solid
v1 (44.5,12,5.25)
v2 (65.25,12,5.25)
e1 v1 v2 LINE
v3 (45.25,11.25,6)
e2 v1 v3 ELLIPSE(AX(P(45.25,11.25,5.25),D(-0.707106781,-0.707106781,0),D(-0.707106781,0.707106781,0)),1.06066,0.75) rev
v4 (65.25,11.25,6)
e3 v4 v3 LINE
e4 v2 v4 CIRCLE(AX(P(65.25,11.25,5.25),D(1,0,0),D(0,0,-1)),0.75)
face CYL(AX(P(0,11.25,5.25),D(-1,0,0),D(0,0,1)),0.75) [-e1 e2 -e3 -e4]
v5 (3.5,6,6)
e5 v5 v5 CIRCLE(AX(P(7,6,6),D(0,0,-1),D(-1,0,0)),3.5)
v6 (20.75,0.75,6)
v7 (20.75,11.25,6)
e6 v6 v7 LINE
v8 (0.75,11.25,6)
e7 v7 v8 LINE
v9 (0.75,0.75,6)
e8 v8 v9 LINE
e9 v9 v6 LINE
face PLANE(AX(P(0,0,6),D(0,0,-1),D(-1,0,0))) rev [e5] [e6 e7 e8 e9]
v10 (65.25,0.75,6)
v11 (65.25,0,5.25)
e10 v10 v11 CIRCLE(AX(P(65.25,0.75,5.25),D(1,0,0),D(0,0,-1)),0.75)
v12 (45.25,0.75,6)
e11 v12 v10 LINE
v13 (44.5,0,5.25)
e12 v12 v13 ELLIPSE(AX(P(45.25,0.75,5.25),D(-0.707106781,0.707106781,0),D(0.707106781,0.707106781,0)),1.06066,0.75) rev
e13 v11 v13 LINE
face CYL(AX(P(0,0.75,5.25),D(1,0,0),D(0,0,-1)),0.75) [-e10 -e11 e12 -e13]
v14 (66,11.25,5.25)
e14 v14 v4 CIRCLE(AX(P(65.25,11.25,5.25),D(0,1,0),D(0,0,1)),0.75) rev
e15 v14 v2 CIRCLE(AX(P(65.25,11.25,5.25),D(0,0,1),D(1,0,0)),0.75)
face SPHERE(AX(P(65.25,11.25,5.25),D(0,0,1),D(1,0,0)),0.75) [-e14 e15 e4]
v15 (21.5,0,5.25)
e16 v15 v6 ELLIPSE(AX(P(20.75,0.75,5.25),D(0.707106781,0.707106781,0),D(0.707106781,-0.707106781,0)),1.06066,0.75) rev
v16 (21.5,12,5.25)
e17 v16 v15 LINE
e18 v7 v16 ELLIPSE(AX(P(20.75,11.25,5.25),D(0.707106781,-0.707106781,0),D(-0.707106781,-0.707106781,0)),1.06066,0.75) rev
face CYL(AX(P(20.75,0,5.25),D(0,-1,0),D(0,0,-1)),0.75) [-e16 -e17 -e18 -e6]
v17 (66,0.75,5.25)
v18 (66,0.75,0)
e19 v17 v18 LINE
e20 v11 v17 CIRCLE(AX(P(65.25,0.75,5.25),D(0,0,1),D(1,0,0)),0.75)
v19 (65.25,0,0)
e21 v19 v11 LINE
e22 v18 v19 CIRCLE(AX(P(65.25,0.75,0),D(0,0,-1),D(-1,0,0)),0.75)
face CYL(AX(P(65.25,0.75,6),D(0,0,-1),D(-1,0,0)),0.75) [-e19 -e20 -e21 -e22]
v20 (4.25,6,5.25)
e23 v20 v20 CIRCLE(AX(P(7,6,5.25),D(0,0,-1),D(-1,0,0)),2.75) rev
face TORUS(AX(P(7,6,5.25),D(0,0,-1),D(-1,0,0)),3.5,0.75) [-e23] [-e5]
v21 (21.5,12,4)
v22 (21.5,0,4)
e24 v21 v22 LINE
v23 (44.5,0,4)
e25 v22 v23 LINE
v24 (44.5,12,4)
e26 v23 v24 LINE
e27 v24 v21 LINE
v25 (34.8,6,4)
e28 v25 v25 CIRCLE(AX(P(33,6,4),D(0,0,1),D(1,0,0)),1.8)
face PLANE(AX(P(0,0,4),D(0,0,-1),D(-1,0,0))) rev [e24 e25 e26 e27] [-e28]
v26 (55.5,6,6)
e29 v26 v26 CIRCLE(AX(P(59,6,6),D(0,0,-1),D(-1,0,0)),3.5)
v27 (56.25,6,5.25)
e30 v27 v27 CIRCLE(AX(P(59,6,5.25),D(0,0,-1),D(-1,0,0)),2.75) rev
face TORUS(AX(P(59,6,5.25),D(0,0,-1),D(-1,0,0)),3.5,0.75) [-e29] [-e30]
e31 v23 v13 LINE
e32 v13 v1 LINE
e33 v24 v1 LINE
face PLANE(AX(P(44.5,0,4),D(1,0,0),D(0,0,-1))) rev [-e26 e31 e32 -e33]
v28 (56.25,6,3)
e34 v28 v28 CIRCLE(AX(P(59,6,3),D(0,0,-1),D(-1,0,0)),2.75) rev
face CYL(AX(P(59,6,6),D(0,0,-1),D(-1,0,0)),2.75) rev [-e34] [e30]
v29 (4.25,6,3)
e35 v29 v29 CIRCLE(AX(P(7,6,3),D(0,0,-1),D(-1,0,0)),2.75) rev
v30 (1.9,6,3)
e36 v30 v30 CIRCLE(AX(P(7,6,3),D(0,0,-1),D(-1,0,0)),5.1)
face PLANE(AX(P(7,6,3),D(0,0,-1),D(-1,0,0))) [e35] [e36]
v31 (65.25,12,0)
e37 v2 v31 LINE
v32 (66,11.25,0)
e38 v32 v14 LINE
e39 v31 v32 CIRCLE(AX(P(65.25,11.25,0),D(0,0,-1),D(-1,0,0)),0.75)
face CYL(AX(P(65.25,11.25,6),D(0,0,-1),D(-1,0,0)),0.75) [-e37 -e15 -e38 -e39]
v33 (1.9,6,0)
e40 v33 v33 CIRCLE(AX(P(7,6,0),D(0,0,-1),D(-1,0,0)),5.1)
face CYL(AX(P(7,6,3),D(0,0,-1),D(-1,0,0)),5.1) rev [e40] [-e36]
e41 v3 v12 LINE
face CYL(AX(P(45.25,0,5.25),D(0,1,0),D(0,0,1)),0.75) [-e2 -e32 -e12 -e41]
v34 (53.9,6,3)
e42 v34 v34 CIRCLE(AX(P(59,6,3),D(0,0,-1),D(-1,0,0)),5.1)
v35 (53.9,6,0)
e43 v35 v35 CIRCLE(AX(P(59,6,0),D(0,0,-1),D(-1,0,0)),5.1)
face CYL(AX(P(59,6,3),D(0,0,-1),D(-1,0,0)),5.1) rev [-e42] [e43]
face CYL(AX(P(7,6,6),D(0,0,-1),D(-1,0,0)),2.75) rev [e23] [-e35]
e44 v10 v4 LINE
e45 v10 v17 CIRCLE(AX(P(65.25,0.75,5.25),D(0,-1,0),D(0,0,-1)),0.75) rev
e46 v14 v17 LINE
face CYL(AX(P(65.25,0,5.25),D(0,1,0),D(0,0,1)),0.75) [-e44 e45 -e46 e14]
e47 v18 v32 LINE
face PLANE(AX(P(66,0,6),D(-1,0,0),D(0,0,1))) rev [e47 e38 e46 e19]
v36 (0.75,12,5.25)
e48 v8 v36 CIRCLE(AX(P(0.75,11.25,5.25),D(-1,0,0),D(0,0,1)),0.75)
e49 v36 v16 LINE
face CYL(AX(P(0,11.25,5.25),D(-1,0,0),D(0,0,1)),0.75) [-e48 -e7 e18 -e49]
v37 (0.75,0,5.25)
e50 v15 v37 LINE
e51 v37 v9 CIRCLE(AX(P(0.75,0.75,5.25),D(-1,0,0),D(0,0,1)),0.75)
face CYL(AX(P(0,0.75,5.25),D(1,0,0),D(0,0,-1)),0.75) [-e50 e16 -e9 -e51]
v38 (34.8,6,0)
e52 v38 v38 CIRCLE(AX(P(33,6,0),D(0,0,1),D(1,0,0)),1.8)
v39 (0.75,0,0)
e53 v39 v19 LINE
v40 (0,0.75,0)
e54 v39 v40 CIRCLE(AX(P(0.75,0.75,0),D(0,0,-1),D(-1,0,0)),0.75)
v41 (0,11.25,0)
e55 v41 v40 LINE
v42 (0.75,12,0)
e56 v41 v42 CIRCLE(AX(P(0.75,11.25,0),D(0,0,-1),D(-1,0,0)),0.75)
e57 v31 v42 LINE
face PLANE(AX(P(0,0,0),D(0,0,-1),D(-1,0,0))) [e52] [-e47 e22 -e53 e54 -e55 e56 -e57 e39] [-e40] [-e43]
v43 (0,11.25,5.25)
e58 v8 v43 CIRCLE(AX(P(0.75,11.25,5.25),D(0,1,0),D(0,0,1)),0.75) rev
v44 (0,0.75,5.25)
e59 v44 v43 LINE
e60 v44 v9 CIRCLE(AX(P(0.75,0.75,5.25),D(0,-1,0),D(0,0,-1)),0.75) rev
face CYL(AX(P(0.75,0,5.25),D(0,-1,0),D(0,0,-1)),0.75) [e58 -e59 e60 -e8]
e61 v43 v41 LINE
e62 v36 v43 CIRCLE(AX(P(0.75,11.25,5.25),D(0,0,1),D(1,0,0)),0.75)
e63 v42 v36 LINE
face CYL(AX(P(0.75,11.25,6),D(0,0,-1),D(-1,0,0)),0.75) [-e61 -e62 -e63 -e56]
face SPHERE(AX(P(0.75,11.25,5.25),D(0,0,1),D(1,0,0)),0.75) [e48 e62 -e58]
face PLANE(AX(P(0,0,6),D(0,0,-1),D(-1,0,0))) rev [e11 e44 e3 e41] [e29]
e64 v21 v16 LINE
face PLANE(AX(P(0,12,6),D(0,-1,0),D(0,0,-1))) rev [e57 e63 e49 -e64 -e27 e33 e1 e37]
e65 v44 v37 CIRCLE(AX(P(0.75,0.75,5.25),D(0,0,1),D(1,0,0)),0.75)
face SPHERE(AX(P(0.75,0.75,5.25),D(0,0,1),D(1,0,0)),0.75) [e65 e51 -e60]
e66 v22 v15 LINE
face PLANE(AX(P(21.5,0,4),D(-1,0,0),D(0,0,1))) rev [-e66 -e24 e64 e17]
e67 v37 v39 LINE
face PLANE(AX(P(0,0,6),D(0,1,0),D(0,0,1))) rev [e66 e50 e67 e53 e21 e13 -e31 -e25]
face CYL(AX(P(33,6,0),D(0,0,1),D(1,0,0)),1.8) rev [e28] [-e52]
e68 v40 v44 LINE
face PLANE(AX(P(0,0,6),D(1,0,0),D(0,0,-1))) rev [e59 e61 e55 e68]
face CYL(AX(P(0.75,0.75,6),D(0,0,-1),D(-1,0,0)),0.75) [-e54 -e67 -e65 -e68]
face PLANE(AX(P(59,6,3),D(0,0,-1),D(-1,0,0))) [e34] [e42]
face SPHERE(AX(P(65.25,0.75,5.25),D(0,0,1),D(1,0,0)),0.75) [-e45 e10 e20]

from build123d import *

# Parameters (mm, degrees)
ESQUISSE2_W             = 66
ESQUISSE2_H             = 12
BOSS_EXTRU_1_DEPTH      = 6
ESQUISSE3_W             = 23
ESQUISSE3_H             = 12
ENL_V_MAT_EXTRU_1_DEPTH = 2
ESQUISSE4_R             = 1.8
ENL_V_MAT_EXTRU_2_DEPTH = 5
ESQUISSE5_R             = 2.75
ENL_V_MAT_EXTRU_3_DEPTH = 7
ESQUISSE6_R             = 5.1
ENL_V_MAT_EXTRU_4_DEPTH = 3
CONG_1_R                = 0.75


with BuildPart() as part:
    # Esquisse2 → Boss.-Extru.1 (new body)
    with BuildSketch(Plane.XY):
        with Locations((33, 6)):
            Rectangle(ESQUISSE2_W, ESQUISSE2_H)
    extrude(amount=BOSS_EXTRU_1_DEPTH)

    # Esquisse3 → Enlèv. mat.-Extru.1 (cut)
    with BuildSketch(Plane.XY.offset(6)):
        with Locations((33, 6)):
            Rectangle(ESQUISSE3_W, ESQUISSE3_H)
    extrude(amount=-ENL_V_MAT_EXTRU_1_DEPTH, mode=Mode.SUBTRACT)

    # Esquisse4 → Enlèv. mat.-Extru.2 (cut, through all)
    with BuildSketch(Plane.XY.offset(4)):
        with Locations((33, 6)):
            Circle(ESQUISSE4_R)
    extrude(amount=-ENL_V_MAT_EXTRU_2_DEPTH, mode=Mode.SUBTRACT)

    # Esquisse5 → Enlèv. mat.-Extru.3 (cut, through all)
    with BuildSketch(Plane(origin=(0, 0, 0), x_dir=(-1, 0, 0), z_dir=(0, 0, -1))):
        with Locations((-59, 6)):
            Circle(ESQUISSE5_R)
        with Locations((-7, 6)):
            Circle(ESQUISSE5_R)
    extrude(amount=-ENL_V_MAT_EXTRU_3_DEPTH, mode=Mode.SUBTRACT)

    # Esquisse6 → Enlèv. mat.-Extru.4 (cut)
    with BuildSketch(Plane(origin=(0, 0, 0), x_dir=(-1, 0, 0), z_dir=(0, 0, -1))):
        with Locations((-59, 6)):
            Circle(ESQUISSE6_R)
        with Locations((-7, 6)):
            Circle(ESQUISSE6_R)
    extrude(amount=-ENL_V_MAT_EXTRU_4_DEPTH, mode=Mode.SUBTRACT)

    # Congé1
    cong_1_edges = [part.edges().sort_by_distance(p)[0] for p in [
        (66, 6, 6),
        (55.25, 12, 6),
        (55.25, 0, 6),
        (10.75, 12, 6),
        (21.5, 6, 6),
        (44.5, 6, 6),
        (61.75, 6, 6),
        (0, 6, 6),
        (9.75, 6, 6),
        (10.75, 0, 6),
        (0, 12, 3),
        (66, 12, 3),
        (66, 0, 3),
        (0, 0, 3),
    ]]
    fillet(cong_1_edges, radius=CONG_1_R)


solid = part.part
